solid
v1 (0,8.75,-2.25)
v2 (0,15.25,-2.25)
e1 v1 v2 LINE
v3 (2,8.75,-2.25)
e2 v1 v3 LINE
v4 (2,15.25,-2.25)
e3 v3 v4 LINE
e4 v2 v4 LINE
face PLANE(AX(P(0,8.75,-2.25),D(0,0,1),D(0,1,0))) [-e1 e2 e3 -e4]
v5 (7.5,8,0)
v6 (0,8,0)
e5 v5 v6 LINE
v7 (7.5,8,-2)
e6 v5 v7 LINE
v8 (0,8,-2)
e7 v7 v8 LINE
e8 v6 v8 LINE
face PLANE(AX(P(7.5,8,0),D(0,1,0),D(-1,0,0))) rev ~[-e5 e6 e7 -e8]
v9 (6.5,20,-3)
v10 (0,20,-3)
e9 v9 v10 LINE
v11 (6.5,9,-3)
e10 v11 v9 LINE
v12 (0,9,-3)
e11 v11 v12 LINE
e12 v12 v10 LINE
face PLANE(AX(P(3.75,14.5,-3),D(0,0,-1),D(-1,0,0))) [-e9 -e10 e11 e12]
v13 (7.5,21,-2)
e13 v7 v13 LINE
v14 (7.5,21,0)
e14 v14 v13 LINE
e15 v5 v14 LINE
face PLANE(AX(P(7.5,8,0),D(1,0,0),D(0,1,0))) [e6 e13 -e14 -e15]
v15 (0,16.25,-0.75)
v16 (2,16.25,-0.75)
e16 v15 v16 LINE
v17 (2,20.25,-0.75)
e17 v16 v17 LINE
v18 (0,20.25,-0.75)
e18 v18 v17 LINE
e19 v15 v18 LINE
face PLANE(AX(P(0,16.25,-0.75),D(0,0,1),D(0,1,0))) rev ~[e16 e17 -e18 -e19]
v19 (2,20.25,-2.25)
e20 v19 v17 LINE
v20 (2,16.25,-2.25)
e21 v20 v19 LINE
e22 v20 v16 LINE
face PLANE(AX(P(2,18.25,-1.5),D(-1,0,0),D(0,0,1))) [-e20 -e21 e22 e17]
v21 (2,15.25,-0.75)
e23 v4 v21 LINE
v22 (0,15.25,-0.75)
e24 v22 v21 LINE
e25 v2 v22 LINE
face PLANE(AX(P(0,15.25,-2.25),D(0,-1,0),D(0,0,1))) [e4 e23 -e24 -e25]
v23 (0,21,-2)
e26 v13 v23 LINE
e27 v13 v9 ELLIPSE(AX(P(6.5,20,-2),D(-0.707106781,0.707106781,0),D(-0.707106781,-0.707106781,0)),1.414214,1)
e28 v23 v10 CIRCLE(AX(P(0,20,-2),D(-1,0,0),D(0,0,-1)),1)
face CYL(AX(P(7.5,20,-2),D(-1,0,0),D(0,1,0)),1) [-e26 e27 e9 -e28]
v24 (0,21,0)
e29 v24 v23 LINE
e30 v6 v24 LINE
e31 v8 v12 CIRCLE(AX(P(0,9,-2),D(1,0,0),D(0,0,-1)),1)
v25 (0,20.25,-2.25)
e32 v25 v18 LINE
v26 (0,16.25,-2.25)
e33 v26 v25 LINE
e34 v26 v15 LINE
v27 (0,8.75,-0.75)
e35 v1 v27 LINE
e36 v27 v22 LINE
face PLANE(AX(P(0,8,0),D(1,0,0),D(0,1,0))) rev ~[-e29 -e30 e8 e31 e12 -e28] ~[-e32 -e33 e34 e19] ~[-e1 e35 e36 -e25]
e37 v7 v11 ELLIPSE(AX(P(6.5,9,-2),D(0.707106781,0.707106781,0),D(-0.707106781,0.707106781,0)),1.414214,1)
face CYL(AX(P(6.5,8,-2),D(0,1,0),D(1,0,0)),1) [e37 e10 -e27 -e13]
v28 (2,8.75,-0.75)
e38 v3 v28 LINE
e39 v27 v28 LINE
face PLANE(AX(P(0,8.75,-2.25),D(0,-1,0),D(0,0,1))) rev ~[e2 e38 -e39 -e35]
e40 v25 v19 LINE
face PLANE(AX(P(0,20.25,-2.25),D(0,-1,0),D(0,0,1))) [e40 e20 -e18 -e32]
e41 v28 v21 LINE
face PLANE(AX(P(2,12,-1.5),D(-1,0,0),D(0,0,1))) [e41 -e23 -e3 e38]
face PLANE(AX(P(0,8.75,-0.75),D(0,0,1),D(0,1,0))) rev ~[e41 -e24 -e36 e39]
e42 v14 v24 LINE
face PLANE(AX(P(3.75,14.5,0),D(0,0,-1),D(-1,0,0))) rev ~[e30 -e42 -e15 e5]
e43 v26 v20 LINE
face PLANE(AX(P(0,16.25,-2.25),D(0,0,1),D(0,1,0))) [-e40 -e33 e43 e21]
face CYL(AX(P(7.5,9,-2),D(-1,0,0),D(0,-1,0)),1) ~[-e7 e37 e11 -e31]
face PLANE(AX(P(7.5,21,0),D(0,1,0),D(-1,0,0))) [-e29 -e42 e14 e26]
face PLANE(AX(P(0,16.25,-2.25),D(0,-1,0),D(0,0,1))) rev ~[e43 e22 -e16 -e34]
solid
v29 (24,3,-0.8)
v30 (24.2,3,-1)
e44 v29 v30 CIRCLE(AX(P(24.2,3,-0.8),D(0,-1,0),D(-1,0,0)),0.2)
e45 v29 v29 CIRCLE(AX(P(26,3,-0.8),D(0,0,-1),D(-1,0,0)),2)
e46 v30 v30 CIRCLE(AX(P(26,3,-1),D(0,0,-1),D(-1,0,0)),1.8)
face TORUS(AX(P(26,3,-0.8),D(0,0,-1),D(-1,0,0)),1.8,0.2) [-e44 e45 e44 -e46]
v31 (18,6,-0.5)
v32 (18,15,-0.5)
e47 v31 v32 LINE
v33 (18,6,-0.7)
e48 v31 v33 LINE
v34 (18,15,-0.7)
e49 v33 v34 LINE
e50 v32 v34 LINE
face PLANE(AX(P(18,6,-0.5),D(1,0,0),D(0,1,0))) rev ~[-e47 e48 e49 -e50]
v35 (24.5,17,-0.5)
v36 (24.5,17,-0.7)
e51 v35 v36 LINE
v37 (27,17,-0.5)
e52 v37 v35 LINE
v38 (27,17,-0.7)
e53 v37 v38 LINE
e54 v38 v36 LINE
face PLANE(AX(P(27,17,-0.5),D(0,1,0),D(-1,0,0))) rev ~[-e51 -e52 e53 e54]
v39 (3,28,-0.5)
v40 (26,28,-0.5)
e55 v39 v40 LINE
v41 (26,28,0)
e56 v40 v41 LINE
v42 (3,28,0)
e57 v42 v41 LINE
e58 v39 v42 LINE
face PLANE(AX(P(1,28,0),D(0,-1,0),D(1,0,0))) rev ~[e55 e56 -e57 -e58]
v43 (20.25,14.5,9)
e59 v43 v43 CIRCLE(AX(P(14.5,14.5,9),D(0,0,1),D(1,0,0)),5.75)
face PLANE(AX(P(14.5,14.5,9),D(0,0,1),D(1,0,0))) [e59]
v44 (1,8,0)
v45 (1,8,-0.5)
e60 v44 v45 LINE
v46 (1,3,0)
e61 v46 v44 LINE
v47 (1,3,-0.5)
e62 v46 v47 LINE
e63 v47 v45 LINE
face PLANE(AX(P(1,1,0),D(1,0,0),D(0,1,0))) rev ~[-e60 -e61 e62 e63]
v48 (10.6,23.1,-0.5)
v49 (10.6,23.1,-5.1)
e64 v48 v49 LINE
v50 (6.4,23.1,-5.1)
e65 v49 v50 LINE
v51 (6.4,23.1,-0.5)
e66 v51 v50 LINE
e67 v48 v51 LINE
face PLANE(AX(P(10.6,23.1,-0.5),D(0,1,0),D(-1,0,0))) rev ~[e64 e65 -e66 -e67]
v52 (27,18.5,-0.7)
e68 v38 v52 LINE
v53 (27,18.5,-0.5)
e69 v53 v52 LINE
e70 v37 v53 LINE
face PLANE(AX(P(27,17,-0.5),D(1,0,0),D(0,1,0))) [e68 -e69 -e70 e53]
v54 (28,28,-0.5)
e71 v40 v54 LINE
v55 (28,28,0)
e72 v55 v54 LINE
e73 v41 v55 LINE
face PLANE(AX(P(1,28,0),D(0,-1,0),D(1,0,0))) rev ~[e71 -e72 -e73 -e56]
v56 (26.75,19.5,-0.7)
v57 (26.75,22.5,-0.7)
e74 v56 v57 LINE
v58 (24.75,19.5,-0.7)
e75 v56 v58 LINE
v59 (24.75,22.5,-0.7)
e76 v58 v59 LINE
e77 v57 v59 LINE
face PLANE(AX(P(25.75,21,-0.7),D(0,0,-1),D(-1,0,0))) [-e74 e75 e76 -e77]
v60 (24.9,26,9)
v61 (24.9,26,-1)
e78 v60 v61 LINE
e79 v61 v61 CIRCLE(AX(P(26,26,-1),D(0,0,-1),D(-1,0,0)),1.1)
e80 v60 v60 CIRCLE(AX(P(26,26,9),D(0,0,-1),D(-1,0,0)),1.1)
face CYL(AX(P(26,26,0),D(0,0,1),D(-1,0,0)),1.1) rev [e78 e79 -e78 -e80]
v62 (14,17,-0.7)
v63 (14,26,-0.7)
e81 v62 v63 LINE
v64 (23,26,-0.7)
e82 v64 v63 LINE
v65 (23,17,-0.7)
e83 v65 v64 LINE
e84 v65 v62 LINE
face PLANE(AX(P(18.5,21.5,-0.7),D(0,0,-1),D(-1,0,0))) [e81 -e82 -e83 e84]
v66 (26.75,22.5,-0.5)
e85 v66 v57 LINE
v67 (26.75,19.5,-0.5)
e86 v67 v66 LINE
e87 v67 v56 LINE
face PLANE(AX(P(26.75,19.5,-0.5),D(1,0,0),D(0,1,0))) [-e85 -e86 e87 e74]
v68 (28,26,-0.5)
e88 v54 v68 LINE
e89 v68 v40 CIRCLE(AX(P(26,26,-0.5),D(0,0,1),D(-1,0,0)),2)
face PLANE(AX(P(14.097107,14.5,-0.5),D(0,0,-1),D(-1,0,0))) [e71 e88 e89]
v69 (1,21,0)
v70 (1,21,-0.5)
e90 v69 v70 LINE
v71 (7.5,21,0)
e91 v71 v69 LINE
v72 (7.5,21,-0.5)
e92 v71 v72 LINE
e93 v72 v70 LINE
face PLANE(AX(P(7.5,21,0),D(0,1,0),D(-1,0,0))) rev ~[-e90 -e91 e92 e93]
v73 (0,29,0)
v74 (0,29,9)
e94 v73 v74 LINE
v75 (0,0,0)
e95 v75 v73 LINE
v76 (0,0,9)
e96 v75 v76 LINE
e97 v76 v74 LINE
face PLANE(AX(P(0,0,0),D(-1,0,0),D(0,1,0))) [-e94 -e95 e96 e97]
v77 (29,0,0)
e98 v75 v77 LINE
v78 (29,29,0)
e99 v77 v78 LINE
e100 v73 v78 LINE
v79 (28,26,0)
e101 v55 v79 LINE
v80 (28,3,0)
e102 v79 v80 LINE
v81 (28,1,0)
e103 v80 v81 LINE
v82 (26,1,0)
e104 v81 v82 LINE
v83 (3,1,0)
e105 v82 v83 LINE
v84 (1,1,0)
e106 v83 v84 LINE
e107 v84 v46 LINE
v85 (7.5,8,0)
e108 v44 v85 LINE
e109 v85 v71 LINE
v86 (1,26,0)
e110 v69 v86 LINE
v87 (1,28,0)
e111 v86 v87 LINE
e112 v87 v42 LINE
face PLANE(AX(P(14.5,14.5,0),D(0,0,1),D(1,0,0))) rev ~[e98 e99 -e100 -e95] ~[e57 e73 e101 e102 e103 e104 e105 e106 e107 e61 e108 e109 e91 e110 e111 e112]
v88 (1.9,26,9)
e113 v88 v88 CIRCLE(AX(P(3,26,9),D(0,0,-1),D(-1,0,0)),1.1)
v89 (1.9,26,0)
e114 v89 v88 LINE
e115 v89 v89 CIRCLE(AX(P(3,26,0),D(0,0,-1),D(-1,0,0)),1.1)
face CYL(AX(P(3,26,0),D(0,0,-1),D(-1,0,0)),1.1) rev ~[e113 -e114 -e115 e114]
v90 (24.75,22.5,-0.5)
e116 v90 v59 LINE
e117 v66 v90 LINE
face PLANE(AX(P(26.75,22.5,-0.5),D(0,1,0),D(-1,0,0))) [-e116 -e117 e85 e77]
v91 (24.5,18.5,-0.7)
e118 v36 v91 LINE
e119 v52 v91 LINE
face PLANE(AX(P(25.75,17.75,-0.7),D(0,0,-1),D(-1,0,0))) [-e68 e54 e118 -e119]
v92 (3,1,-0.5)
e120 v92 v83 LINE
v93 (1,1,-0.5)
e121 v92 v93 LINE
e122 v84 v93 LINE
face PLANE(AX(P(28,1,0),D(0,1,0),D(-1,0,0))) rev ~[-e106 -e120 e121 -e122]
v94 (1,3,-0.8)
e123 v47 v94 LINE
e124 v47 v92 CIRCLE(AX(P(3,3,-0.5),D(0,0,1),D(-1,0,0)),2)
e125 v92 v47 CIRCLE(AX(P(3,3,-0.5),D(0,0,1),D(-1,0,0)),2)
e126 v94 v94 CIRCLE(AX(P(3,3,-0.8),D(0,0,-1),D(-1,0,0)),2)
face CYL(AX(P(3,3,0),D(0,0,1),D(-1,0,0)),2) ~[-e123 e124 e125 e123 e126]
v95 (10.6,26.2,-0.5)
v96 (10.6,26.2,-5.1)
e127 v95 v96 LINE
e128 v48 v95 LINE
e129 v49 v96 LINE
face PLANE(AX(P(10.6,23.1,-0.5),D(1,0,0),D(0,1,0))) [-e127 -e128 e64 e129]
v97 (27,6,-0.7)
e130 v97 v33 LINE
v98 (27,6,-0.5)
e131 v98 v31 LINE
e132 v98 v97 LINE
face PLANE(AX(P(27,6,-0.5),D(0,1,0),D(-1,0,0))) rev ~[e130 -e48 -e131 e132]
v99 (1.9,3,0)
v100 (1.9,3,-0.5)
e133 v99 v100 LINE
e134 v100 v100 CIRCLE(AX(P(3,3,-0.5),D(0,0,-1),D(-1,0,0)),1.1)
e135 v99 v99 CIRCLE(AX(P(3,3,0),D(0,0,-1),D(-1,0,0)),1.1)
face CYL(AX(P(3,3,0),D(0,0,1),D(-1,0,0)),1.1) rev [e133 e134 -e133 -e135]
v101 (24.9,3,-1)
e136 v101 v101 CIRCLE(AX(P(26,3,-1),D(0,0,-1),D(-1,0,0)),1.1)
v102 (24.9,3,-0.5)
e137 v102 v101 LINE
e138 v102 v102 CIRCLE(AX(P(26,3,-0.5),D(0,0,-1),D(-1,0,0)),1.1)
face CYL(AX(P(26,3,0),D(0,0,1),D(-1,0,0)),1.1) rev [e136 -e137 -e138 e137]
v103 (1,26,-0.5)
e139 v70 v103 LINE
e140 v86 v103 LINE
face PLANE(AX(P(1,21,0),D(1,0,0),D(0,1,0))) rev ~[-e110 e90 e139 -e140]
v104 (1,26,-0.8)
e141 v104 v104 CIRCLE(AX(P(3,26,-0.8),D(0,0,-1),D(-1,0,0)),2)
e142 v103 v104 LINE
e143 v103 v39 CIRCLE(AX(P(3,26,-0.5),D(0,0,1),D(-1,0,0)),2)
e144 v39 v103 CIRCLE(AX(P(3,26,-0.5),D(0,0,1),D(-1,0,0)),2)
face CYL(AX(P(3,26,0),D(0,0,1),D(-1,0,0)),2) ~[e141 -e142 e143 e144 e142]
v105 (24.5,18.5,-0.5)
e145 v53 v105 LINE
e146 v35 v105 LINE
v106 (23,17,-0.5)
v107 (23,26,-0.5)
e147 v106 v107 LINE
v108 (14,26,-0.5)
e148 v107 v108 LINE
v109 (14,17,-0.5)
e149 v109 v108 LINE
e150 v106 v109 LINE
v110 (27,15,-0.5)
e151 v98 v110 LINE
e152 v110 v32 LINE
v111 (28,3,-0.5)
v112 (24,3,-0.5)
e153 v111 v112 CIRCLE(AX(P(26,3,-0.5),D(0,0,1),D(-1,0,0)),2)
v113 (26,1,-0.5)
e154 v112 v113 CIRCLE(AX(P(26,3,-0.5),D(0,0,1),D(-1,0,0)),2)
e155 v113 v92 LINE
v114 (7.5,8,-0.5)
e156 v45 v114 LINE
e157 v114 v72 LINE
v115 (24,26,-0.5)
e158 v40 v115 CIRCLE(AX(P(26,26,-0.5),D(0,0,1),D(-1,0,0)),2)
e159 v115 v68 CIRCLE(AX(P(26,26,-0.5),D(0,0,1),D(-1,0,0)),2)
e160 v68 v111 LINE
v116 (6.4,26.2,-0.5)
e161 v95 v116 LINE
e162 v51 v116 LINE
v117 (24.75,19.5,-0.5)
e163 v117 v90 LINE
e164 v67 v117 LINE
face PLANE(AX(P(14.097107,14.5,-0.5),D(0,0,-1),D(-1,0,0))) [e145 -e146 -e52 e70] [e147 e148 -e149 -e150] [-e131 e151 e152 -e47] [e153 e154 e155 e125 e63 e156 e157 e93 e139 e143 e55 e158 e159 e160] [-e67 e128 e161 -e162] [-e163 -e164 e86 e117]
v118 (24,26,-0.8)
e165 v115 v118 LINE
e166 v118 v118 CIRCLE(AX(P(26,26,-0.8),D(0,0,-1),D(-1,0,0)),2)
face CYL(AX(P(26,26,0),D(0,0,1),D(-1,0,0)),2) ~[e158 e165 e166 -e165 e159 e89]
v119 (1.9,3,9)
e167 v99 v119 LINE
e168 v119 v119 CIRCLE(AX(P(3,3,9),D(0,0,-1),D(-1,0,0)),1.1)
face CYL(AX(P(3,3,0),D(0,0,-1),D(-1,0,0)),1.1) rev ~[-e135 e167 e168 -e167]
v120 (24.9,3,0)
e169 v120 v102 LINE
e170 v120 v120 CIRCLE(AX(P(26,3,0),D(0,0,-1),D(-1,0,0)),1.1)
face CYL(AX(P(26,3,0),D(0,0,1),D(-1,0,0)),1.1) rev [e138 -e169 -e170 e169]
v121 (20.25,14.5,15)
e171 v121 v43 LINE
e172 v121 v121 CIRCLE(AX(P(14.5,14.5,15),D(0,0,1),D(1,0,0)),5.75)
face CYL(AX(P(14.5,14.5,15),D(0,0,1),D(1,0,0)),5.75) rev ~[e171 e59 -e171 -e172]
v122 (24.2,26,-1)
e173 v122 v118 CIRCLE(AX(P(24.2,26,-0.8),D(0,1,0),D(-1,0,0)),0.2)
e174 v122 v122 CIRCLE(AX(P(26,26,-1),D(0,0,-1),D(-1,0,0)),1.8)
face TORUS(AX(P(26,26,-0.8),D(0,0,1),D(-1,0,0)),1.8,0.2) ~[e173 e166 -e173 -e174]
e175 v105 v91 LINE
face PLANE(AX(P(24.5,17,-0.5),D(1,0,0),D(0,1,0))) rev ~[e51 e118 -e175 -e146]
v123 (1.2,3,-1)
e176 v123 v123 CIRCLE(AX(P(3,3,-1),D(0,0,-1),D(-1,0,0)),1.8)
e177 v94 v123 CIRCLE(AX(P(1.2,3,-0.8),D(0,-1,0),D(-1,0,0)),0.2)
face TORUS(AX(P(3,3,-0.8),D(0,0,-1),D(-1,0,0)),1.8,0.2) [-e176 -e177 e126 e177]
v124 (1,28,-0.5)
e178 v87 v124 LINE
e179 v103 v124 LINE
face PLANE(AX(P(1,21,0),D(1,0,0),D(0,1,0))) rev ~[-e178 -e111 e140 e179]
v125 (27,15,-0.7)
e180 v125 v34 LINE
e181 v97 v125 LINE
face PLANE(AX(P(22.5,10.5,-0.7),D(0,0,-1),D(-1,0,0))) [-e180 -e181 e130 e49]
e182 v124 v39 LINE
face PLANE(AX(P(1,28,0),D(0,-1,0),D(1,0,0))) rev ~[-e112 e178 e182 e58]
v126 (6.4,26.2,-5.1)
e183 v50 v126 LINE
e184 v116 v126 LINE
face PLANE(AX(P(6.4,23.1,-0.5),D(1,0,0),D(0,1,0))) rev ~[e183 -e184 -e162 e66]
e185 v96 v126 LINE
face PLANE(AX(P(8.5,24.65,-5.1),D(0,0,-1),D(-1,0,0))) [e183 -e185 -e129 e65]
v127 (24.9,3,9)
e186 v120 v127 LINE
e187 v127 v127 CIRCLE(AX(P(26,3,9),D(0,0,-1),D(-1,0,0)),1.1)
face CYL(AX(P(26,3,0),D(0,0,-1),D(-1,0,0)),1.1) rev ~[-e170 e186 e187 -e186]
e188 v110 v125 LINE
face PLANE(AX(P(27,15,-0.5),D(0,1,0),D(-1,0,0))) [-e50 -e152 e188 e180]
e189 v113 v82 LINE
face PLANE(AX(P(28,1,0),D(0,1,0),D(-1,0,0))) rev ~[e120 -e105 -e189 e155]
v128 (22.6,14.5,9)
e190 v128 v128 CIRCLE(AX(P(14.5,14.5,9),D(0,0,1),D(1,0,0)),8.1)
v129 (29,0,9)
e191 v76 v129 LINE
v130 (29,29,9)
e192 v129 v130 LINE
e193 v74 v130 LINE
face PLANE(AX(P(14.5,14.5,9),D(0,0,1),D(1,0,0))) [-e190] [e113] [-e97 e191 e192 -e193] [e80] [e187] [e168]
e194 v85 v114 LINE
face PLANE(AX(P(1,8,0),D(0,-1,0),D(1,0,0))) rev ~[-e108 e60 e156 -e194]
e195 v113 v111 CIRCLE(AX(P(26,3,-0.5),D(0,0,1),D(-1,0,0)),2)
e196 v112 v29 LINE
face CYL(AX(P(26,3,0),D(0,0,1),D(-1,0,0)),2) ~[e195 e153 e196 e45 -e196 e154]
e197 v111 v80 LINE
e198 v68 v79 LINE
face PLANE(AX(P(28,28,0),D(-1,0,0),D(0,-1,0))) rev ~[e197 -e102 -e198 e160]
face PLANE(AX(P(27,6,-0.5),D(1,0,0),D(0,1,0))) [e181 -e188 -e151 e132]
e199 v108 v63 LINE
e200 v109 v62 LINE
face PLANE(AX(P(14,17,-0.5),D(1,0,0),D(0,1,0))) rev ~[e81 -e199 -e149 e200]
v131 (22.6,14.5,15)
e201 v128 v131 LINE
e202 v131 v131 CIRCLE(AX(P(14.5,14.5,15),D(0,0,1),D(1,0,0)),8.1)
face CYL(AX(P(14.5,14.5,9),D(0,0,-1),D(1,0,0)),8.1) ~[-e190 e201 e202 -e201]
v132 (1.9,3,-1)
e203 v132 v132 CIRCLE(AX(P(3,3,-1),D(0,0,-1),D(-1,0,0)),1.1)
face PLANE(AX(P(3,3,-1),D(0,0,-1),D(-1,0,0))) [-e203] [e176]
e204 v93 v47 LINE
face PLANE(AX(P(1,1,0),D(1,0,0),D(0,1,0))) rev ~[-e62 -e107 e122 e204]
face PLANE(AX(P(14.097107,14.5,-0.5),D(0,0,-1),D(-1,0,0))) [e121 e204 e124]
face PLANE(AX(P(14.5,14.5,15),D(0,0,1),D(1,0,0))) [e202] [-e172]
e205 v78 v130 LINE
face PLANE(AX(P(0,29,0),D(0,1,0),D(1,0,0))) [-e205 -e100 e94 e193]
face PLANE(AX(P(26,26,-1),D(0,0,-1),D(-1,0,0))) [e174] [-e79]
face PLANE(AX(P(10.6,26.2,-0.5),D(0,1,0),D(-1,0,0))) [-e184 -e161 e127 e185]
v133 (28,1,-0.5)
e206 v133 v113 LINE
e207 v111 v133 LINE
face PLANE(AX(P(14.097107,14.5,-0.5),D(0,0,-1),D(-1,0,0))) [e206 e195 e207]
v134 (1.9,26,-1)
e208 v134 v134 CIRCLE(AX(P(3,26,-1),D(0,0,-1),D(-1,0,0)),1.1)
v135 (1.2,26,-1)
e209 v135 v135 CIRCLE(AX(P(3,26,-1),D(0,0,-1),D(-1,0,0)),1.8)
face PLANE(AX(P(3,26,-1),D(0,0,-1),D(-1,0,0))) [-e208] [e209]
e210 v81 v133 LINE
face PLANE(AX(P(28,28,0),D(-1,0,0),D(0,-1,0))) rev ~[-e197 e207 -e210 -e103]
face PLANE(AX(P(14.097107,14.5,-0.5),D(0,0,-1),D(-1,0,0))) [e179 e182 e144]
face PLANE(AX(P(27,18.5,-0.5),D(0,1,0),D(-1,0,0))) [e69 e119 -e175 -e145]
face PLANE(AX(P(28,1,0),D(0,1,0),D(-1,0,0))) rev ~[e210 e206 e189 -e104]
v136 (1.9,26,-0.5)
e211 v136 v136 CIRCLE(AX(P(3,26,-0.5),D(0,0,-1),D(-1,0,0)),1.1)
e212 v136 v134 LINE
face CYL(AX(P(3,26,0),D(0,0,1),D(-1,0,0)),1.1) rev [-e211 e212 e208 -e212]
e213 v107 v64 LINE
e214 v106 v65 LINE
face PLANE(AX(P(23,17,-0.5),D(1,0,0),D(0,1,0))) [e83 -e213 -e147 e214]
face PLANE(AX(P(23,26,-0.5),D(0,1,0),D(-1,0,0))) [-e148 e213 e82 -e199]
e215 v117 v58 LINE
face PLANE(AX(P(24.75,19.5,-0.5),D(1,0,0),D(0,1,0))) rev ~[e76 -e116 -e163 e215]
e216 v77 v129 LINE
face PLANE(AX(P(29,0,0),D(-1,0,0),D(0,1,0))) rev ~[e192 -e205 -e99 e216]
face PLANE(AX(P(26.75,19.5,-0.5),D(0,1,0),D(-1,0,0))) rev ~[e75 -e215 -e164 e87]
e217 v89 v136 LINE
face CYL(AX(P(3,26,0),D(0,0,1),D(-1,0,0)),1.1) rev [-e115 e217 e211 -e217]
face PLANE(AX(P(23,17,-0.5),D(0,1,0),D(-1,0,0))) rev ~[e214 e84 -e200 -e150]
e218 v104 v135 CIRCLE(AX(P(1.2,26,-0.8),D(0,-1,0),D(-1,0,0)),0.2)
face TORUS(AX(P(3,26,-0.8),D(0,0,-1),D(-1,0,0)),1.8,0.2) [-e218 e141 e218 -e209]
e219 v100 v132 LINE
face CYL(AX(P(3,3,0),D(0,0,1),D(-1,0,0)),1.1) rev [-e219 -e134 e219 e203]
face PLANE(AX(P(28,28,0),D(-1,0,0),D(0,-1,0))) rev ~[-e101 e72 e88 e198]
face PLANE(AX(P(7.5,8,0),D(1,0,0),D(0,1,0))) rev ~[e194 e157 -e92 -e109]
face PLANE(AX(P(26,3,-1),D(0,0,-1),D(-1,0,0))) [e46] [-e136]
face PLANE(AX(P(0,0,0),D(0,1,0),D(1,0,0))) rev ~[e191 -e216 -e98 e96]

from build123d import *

# Parameters (mm, degrees)
SKETCH1_W           = 29
SKETCH1_H           = 29
BOSS_EXTRUDE1_DEPTH = 9
SKETCH3_R           = 8.1
BOSS_EXTRUDE2_DEPTH = 6
SKETCH4_R           = 5.75
CUT_EXTRUDE1_DEPTH  = 6
SKETCH5_R           = 1.1
CUT_EXTRUDE2_DEPTH  = 16
SKETCH6_R           = 1.1
BOSS_EXTRUDE3_DEPTH = 0.5
SKETCH7_R           = 2
SKETCH7_R_2         = 1.1
BOSS_EXTRUDE4_DEPTH = 1
SKETCH8_W           = 7.5
SKETCH8_H           = 13
BOSS_EXTRUDE5_DEPTH = 3
FILLET1_R           = 1
SKETCH9_W           = 1.5
SKETCH9_H           = 4
SKETCH9_H_2         = 6.5
CUT_EXTRUDE3_DEPTH  = 2
SKETCH10_W          = 4.2
SKETCH10_H          = 3.1
BOSS_EXTRUDE6_DEPTH = 4.6
SKETCH11_W          = 9
SKETCH11_H          = 9
SKETCH11_W_2        = 2.5
SKETCH11_H_2        = 1.5
SKETCH11_W_3        = 2
SKETCH11_H_3        = 3
BOSS_EXTRUDE7_DEPTH = 0.2
FILLET2_R           = 0.2


with BuildPart() as part:
    # Sketch1 → Boss-Extrude1 (new body)
    with BuildSketch(Plane.XY):
        with Locations((14.5, 14.5)):
            Rectangle(SKETCH1_W, SKETCH1_H)
    extrude(amount=BOSS_EXTRUDE1_DEPTH)

    # Sketch3 → Boss-Extrude2 (add)
    with BuildSketch(Plane.XY.offset(9)):
        with Locations((14.5, 14.5)):
            Circle(SKETCH3_R)
    extrude(amount=BOSS_EXTRUDE2_DEPTH)

    # Sketch4 → Cut-Extrude1 (cut)
    with BuildSketch(Plane.XY.offset(15)):
        with Locations((14.5, 14.5)):
            Circle(SKETCH4_R)
    extrude(amount=-CUT_EXTRUDE1_DEPTH, mode=Mode.SUBTRACT)

    # Sketch5 → Cut-Extrude2 (cut, through all)
    with BuildSketch(Plane(origin=(0, 0, 0), x_dir=(-1, 0, 0), z_dir=(0, 0, -1))):
        with Locations((-26, 26)):
            Circle(SKETCH5_R)
        with Locations((-3, 26)):
            Circle(SKETCH5_R)
        with Locations((-3, 3)):
            Circle(SKETCH5_R)
        with Locations((-26, 3)):
            Circle(SKETCH5_R)
    extrude(amount=-CUT_EXTRUDE2_DEPTH, mode=Mode.SUBTRACT)

    # Sketch6 → Boss-Extrude3 (add)
    with BuildSketch(Plane(origin=(0, 0, 0), x_dir=(-1, 0, 0), z_dir=(0, 0, -1))):
        Polygon((-28, 28), (-28, 1), (-1, 1), (-1, 8), (-7.5, 8), (-7.5, 21), (-1, 21), (-1, 28), align=None)
        with Locations((-26, 3)):
            Circle(SKETCH6_R, mode=Mode.SUBTRACT)
        with Locations((-3, 3)):
            Circle(SKETCH6_R, mode=Mode.SUBTRACT)
        with Locations((-3, 26)):
            Circle(SKETCH6_R, mode=Mode.SUBTRACT)
        with Locations((-26, 26)):
            Circle(SKETCH6_R, mode=Mode.SUBTRACT)
    extrude(amount=BOSS_EXTRUDE3_DEPTH)

    # Sketch7 → Boss-Extrude4 (add)
    with BuildSketch(Plane(origin=(0, 0, 0), x_dir=(-1, 0, 0), z_dir=(0, 0, -1))):
        with Locations((-26, 26)):
            Circle(SKETCH7_R)
        with Locations((-26, 26)):
            Circle(SKETCH7_R_2, mode=Mode.SUBTRACT)
        with Locations((-3, 26)):
            Circle(SKETCH7_R)
        with Locations((-3, 26)):
            Circle(SKETCH7_R_2, mode=Mode.SUBTRACT)
        with Locations((-3, 3)):
            Circle(SKETCH7_R)
        with Locations((-3, 3)):
            Circle(SKETCH7_R_2, mode=Mode.SUBTRACT)
        with Locations((-26, 3)):
            Circle(SKETCH7_R)
        with Locations((-26, 3)):
            Circle(SKETCH7_R_2, mode=Mode.SUBTRACT)
    extrude(amount=BOSS_EXTRUDE4_DEPTH)

    # Sketch10 → Boss-Extrude6 (add)
    with BuildSketch(Plane(origin=(0, 0, -0.5), x_dir=(-1, 0, 0), z_dir=(0, 0, -1))):
        with Locations((-8.5, 24.65)):
            Rectangle(SKETCH10_W, SKETCH10_H)
    extrude(amount=BOSS_EXTRUDE6_DEPTH)

    # Sketch11 → Boss-Extrude7 (add)
    with BuildSketch(Plane(origin=(0, 0, -0.5), x_dir=(-1, 0, 0), z_dir=(0, 0, -1))):
        with Locations((-18.5, 21.5)):
            Rectangle(SKETCH11_W, SKETCH11_H)
        with Locations((-22.5, 10.5)):
            Rectangle(SKETCH11_W, SKETCH11_H)
        with Locations((-25.75, 17.75)):
            Rectangle(SKETCH11_W_2, SKETCH11_H_2)
        with Locations((-25.75, 21)):
            Rectangle(SKETCH11_W_3, SKETCH11_H_3)
    extrude(amount=BOSS_EXTRUDE7_DEPTH)

    # Fillet2
    fillet2_edges = [part.edges().sort_by_distance(p)[0] for p in [
        (5, 3, -1),
        (28, 3, -1),
        (28, 26, -1),
        (5, 26, -1),
    ]]
    fillet(fillet2_edges, radius=FILLET2_R)


with BuildPart() as body_2:
    # Sketch8 → Boss-Extrude5 (new body)
    with BuildSketch(Plane(origin=(0, 0, 0), x_dir=(-1, 0, 0), z_dir=(0, 0, -1))):
        with Locations((-3.75, 14.5)):
            Rectangle(SKETCH8_W, SKETCH8_H)
    extrude(amount=BOSS_EXTRUDE5_DEPTH)

    # Fillet1
    fillet1_edges = [body_2.edges().sort_by_distance(p)[0] for p in [
        (3.75, 21, -3),
        (7.5, 14.5, -3),
        (3.75, 8, -3),
    ]]
    fillet(fillet1_edges, radius=FILLET1_R)

    # Sketch9 → Cut-Extrude3 (cut)
    with BuildSketch(Plane.ZY):
        with Locations((-1.5, 18.25)):
            Rectangle(SKETCH9_W, SKETCH9_H)
        with Locations((-1.5, 12)):
            Rectangle(SKETCH9_W, SKETCH9_H_2)
    extrude(amount=-CUT_EXTRUDE3_DEPTH, mode=Mode.SUBTRACT)


solid = Compound([part.part, body_2.part])
